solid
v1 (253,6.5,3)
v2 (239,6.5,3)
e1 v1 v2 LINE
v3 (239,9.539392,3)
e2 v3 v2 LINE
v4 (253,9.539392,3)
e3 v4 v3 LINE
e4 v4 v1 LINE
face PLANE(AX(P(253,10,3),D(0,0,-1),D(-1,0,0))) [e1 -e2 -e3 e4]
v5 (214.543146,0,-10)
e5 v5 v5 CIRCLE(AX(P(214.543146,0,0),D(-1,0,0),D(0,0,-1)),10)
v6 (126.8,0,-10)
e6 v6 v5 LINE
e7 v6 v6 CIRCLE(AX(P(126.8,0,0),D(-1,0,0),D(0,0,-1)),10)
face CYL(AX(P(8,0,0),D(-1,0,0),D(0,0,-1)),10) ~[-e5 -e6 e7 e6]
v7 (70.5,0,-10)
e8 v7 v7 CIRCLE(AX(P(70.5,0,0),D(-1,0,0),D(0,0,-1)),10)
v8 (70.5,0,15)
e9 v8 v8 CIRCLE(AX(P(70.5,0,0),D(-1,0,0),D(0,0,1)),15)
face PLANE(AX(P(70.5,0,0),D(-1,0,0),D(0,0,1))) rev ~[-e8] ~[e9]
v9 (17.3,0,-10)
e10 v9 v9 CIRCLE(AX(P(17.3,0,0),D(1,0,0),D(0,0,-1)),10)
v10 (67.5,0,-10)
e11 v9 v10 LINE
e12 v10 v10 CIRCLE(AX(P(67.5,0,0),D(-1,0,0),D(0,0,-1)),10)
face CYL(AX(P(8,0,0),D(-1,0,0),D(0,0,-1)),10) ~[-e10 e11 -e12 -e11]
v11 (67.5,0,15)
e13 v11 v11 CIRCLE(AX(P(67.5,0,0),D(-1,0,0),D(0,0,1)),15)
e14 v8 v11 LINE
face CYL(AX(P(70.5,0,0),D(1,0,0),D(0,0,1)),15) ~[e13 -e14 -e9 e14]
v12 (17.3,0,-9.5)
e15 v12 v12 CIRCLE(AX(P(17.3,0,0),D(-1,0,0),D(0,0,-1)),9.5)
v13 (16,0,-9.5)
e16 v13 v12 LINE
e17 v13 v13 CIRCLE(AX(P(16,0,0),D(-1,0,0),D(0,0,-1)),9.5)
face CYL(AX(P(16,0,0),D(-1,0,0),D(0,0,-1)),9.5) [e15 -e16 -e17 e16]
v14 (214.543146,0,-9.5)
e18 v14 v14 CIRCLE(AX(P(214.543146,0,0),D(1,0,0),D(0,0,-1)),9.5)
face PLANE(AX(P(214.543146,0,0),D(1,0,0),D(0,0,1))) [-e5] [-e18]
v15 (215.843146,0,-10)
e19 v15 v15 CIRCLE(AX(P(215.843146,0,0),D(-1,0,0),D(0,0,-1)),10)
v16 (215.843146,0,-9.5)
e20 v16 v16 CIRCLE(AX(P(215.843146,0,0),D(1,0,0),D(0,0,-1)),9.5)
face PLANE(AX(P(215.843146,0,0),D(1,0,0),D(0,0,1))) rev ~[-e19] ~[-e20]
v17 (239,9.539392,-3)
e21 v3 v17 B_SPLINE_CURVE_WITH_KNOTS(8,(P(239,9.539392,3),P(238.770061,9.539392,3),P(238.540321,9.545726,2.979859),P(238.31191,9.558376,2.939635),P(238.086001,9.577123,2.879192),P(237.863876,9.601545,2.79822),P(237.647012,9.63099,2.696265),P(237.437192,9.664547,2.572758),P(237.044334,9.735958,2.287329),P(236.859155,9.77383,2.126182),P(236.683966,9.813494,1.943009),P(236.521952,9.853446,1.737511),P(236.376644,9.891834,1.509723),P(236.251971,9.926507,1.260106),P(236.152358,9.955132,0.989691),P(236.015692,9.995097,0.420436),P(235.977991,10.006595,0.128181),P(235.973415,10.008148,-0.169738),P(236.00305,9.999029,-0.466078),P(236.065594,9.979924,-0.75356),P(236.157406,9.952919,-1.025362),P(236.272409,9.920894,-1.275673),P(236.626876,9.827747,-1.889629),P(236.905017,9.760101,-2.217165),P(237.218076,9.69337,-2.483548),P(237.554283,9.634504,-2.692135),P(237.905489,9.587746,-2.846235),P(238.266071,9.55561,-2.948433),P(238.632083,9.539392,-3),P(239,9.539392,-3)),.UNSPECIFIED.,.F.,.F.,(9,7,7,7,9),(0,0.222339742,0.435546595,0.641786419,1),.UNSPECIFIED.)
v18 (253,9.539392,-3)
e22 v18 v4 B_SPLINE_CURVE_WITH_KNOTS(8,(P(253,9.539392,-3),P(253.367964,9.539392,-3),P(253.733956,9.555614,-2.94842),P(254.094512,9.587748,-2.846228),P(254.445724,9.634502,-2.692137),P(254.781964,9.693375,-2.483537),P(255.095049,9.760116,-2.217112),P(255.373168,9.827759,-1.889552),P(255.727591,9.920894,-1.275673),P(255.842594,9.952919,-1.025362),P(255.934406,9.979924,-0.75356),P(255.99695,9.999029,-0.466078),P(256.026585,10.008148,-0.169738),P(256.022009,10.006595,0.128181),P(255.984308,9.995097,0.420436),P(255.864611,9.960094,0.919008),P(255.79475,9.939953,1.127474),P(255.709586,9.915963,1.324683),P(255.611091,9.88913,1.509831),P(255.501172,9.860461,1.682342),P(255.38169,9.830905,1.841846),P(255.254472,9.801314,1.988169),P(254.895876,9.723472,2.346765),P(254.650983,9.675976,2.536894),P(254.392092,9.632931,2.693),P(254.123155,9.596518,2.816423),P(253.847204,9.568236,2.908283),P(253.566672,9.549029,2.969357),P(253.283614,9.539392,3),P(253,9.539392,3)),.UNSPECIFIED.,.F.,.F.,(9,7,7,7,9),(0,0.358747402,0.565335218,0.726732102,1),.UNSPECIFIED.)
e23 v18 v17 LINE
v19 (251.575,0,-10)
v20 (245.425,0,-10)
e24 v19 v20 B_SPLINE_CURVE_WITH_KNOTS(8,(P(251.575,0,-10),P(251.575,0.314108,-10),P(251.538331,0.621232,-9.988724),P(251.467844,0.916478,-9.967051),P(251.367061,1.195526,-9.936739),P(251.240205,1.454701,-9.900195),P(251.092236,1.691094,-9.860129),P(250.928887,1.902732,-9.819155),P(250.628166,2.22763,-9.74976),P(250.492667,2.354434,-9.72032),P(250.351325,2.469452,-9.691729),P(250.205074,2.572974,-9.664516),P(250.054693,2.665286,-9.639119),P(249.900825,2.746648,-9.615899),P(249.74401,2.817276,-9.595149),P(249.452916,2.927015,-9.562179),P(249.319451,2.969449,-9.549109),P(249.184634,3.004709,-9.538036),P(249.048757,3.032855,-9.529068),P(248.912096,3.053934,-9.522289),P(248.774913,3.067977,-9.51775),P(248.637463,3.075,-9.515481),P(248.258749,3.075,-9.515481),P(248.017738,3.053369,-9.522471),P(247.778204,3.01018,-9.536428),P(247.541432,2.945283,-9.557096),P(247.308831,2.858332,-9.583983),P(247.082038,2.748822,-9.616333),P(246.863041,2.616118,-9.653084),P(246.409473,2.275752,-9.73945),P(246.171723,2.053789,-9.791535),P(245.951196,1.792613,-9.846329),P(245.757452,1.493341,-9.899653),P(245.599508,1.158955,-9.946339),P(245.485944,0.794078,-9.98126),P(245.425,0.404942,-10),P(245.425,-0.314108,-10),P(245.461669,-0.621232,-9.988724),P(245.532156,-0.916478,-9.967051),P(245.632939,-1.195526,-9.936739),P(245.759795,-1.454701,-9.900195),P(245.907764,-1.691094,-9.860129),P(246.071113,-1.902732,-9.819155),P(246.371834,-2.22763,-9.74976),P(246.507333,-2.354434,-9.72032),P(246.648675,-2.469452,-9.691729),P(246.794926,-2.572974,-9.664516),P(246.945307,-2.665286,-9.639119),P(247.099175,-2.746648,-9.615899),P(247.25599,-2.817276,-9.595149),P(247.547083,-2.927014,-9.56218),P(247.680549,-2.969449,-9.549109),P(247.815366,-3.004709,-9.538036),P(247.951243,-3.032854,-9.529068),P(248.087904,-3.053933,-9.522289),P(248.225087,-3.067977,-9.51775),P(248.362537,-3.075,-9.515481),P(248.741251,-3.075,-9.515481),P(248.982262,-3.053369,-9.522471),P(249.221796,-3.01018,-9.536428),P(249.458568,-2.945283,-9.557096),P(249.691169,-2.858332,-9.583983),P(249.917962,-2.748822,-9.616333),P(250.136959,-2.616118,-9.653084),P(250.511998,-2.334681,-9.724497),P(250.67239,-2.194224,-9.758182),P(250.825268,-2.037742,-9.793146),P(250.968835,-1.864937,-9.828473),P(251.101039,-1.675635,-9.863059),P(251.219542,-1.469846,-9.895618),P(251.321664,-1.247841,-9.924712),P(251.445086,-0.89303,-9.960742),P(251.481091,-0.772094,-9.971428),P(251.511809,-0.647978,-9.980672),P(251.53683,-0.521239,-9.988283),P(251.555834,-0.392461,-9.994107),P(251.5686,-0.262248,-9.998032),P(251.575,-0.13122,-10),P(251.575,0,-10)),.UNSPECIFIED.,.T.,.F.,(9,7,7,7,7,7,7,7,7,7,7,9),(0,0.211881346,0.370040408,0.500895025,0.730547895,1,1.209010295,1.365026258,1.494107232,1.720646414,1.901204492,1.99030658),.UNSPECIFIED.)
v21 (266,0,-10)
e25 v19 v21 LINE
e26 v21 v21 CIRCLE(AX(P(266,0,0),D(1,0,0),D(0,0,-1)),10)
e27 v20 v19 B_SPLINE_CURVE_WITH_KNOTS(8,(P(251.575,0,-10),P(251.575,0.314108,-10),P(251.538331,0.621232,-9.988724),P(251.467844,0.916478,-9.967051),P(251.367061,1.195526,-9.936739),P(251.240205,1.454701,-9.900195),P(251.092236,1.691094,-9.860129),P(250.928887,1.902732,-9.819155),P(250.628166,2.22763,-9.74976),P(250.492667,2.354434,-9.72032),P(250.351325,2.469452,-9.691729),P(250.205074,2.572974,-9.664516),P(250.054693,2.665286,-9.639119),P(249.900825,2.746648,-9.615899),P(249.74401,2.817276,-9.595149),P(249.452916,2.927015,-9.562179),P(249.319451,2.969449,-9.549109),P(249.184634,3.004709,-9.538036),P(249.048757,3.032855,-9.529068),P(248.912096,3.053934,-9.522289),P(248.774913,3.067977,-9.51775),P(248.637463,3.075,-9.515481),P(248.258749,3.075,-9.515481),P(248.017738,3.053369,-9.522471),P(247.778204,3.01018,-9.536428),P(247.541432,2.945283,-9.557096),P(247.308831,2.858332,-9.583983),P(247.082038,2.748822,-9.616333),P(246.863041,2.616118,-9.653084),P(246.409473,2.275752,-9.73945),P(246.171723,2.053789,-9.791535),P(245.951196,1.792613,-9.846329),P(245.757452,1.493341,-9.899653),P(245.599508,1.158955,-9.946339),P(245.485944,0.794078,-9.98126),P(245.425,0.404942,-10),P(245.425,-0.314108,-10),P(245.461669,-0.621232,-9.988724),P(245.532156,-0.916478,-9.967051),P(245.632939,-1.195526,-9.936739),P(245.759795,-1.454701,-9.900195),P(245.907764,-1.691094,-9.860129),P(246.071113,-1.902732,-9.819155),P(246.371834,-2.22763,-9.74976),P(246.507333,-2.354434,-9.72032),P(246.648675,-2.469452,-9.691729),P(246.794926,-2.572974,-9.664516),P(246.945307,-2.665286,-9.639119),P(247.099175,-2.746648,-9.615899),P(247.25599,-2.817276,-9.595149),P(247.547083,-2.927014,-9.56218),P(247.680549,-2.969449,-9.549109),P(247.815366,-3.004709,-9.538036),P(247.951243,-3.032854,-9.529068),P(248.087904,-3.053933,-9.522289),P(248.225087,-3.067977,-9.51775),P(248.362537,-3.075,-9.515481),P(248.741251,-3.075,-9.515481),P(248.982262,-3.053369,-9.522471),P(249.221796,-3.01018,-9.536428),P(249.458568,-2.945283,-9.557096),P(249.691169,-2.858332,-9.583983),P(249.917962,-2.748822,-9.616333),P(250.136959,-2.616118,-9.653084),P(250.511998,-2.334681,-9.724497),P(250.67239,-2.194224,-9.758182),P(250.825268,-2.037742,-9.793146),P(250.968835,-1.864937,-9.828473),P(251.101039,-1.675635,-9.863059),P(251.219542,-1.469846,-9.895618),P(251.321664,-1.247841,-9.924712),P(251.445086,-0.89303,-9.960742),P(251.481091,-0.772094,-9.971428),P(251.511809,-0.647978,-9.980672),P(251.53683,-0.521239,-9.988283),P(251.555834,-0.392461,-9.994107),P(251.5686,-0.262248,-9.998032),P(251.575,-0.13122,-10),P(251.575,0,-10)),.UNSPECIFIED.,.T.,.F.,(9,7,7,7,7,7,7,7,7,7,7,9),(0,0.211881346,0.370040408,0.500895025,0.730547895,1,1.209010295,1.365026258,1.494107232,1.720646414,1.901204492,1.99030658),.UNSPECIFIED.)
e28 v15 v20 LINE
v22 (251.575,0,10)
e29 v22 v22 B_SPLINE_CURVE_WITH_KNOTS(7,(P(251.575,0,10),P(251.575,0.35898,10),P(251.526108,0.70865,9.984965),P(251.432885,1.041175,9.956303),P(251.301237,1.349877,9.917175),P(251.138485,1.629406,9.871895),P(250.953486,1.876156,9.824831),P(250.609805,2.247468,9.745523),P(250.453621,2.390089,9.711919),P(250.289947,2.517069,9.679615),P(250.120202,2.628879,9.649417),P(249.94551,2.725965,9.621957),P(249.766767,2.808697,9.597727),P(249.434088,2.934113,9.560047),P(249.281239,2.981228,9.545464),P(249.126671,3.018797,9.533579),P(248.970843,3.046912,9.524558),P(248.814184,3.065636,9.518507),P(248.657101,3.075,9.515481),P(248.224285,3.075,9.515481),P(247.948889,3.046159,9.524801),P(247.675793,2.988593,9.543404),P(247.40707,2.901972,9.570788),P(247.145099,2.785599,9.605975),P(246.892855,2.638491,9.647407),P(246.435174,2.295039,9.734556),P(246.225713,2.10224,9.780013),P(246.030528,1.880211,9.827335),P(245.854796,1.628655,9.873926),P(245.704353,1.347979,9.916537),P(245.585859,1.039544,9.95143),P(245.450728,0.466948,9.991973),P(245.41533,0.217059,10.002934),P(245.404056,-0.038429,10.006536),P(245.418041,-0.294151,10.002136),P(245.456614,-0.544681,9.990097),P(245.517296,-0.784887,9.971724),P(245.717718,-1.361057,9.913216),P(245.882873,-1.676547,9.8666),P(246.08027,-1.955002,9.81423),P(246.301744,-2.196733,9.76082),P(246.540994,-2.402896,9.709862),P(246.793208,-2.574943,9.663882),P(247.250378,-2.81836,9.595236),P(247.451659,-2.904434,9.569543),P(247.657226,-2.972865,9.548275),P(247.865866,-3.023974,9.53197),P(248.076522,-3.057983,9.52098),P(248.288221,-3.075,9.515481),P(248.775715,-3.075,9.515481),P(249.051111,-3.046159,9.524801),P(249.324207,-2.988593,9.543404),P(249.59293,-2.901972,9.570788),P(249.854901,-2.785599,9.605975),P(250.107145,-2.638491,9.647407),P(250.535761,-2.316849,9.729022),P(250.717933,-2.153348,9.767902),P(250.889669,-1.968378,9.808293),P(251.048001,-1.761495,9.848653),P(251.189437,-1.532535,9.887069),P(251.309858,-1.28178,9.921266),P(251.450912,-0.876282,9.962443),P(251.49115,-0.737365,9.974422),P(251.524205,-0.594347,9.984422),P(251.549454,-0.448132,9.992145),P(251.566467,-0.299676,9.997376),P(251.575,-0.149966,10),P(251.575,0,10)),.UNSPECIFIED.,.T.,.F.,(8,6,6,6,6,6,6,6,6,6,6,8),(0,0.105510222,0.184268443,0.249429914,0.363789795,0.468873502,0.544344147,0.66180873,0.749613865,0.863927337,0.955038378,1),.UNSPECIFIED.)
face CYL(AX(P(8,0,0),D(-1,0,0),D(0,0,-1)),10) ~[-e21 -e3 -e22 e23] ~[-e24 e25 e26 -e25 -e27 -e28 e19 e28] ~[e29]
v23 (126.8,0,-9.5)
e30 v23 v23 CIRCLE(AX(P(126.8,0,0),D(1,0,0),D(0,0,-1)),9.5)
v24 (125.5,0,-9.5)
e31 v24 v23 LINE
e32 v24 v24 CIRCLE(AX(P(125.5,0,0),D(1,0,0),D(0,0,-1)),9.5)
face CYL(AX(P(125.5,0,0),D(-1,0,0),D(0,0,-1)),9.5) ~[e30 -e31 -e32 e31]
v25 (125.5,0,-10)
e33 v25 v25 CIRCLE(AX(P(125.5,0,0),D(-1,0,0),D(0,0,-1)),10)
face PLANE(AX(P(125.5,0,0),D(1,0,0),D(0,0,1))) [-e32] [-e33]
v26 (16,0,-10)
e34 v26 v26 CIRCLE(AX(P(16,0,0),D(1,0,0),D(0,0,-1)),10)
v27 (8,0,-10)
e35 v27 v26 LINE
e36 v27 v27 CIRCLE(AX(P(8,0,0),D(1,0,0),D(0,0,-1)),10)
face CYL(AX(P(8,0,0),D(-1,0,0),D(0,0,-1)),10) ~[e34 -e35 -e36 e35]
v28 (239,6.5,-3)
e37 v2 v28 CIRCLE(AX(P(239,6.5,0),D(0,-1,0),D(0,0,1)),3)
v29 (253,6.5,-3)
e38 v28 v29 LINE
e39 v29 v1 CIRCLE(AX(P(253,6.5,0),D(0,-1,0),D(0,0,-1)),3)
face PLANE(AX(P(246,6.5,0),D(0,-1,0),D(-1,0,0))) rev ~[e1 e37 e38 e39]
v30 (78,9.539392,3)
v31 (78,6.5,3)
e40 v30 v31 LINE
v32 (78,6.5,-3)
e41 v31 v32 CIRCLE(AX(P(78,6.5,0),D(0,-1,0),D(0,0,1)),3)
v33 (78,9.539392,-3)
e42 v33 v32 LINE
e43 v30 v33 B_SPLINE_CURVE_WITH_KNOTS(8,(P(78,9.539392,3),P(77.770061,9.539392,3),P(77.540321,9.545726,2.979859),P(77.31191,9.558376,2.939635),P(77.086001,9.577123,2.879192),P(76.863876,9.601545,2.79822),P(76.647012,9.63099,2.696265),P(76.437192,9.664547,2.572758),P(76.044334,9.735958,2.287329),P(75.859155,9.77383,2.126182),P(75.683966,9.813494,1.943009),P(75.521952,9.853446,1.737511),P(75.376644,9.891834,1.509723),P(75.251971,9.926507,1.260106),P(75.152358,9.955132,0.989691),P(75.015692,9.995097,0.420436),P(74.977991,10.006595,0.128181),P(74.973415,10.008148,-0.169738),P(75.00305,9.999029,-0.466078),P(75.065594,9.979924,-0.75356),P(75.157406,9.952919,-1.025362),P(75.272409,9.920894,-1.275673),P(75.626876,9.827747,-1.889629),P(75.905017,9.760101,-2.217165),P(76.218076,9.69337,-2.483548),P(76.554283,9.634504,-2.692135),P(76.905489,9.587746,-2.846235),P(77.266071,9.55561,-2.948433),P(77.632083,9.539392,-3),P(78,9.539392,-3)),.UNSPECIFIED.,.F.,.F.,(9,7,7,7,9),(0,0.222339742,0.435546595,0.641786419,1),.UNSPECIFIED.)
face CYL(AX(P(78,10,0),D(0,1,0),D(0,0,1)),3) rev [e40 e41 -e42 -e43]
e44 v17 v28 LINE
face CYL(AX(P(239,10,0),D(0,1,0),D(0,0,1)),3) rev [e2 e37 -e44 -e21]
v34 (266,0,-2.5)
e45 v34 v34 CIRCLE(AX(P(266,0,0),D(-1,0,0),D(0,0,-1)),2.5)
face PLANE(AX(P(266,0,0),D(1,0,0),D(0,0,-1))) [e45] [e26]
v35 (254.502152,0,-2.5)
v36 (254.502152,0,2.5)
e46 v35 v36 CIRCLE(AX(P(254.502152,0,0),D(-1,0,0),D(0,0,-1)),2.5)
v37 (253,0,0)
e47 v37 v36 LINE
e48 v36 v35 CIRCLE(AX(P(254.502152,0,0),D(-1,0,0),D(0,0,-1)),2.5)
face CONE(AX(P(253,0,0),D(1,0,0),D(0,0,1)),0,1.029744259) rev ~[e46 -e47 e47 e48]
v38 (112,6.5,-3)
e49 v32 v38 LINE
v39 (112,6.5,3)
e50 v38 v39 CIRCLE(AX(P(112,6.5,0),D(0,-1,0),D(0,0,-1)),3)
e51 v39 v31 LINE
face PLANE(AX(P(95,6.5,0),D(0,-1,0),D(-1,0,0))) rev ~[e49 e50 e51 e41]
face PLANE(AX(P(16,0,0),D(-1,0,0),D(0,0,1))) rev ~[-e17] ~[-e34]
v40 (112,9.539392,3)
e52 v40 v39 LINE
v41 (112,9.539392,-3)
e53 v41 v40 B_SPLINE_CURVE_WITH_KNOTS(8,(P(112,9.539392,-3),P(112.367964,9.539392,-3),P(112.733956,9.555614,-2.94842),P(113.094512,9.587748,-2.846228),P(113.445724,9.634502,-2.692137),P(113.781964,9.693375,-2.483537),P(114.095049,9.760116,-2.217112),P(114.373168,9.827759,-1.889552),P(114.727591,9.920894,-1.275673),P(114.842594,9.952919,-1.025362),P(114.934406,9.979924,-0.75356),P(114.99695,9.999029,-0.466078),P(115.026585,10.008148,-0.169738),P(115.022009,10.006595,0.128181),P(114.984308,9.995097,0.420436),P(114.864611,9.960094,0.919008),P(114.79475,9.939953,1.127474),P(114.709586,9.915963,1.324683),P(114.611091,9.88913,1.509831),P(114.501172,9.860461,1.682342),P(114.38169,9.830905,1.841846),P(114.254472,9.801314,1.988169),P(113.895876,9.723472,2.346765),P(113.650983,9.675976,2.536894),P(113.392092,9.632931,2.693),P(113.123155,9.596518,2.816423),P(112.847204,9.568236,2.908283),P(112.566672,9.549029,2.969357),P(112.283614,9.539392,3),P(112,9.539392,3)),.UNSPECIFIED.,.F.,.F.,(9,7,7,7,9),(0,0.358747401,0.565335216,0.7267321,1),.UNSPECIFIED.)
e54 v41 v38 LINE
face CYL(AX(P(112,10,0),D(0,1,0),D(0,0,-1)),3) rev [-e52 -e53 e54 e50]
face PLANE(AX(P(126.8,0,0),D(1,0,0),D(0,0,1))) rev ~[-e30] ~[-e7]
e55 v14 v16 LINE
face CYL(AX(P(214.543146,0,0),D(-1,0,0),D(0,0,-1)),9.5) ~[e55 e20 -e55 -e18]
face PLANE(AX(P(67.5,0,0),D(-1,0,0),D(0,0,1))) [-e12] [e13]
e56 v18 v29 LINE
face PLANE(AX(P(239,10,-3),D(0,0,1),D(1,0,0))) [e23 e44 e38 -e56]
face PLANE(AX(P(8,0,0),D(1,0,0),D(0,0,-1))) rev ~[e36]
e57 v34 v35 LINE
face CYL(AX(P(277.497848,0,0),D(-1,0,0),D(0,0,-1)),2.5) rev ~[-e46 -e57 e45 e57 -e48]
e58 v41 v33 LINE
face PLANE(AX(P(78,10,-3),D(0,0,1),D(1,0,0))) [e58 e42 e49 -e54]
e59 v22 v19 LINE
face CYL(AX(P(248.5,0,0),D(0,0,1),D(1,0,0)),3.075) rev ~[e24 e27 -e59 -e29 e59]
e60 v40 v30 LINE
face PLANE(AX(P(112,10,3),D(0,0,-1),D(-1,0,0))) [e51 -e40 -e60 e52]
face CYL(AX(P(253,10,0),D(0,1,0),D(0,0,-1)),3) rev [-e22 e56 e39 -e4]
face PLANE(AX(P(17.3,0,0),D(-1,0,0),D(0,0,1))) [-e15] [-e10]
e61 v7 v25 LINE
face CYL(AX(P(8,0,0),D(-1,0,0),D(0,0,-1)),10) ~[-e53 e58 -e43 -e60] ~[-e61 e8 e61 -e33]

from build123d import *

# Parameters (mm, degrees)
SALIENTE_EXTRUIR1_START                = 8
CROQUIS1_R                             = 10
SALIENTE_EXTRUIR1_DEPTH                = 258
CROQUIS2_R                             = 15
SALIENTE_EXTRUIR2_DEPTH                = 3
CORTAR_EXTRUIR1_REACH                  = 268.845
CORTAR_EXTRUIR1_END_RADIUS             = 10
CROQUIS3_R                             = 3.075
CORTAR_EXTRUIR1_DIRECTION_2_REACH      = 268.845
CORTAR_EXTRUIR1_DIRECTION_2_END_RADIUS = 10
CORTAR_EXTRUIR2_START                  = 10
CORTAR_EXTRUIR2_DEPTH                  = 3.5
TALADRO_ROSCADO_M61_D                  = 5
TALADRO_ROSCADO_M61_DEPTH              = 11.497848452
TALADRO_ROSCADO_M61_TIP                = 1.502151548
CORTAR_EXTRUIR3_START                  = 10
CORTAR_EXTRUIR3_DEPTH                  = 3.5
CORTAR_EXTRUIR4_START                  = 125.5
CROQUIS9_R                             = 10
CROQUIS9_R_2                           = 9.5
CORTAR_EXTRUIR4_DEPTH                  = 1.3
CORTAR_EXTRUIR5_START                  = 214.543146
CROQUIS10_R                            = 10
CROQUIS10_R_2                          = 9.5
CORTAR_EXTRUIR5_DEPTH                  = 1.3
CORTAR_EXTRUIR6_START                  = -8
CROQUIS11_R                            = 10
CROQUIS11_R_2                          = 9.5
CORTAR_EXTRUIR6_DEPTH                  = 1.3


with BuildPart() as part:
    # Croquis1 → Saliente-Extruir1 (new body)
    with BuildSketch(Plane(origin=(0, 0, 0), x_dir=(0, 0, -1), z_dir=(1, 0, 0)).offset(SALIENTE_EXTRUIR1_START)):
        Circle(CROQUIS1_R)
    extrude(amount=SALIENTE_EXTRUIR1_DEPTH)

    # Croquis2 → Saliente-Extruir2 (add)
    with BuildSketch(Plane.ZY.offset(-70.5)):
        Circle(CROQUIS2_R)
    extrude(amount=SALIENTE_EXTRUIR2_DEPTH)

    # Cortar-Extruir1: up to this cylinder (the profile starts inside it)
    cortar_extruir1_end = Plane(origin=(248.5, 0, 0), z_dir=(-1, 0, 0)) * Cylinder(CORTAR_EXTRUIR1_END_RADIUS, 558.69, mode=Mode.PRIVATE)
    # Croquis3 → Cortar-Extruir1 (cut, up to the surface)
    with BuildSketch(Plane.XY, mode=Mode.PRIVATE) as cortar_extruir1_sk1:
        with Locations((248.5, 0)):
            Circle(CROQUIS3_R)
    cortar_extruir1_tool1 = extrude(cortar_extruir1_sk1.sketch, amount=-CORTAR_EXTRUIR1_REACH, mode=Mode.PRIVATE) & cortar_extruir1_end
    add(cortar_extruir1_tool1.solids().sort_by_distance((248.5, 0, 0))[0], mode=Mode.SUBTRACT)

    # Cortar-Extruir1 direction 2: up to this cylinder (the profile starts inside it)
    cortar_extruir1_direction_2_end = Plane(origin=(248.5, 0, 0), z_dir=(-1, 0, 0)) * Cylinder(CORTAR_EXTRUIR1_DIRECTION_2_END_RADIUS, 558.69, mode=Mode.PRIVATE)
    # Croquis3 → Cortar-Extruir1 direction 2 (cut, up to the surface)
    with BuildSketch(Plane.XY, mode=Mode.PRIVATE) as cortar_extruir1_direction_2_sk1:
        with Locations((248.5, 0)):
            Circle(CROQUIS3_R)
    cortar_extruir1_direction_2_tool1 = extrude(cortar_extruir1_direction_2_sk1.sketch, amount=CORTAR_EXTRUIR1_DIRECTION_2_REACH, mode=Mode.PRIVATE) & cortar_extruir1_direction_2_end
    add(cortar_extruir1_direction_2_tool1.solids().sort_by_distance((248.5, 0, 0))[0], mode=Mode.SUBTRACT)

    # Croquis4 → Cortar-Extruir2 (cut)
    with BuildSketch(Plane(origin=(0, 0, 0), x_dir=(1, 0, 0), z_dir=(0, 1, 0)).offset(CORTAR_EXTRUIR2_START)):
        with BuildLine():
            Line((239, 3), (253, 3))
            ThreePointArc((253, 3), (256, 0), (253, -3))
            Line((253, -3), (239, -3))
            ThreePointArc((239, -3), (236, 0), (239, 3))
        make_face()
    extrude(amount=-CORTAR_EXTRUIR2_DEPTH, mode=Mode.SUBTRACT)

    # Taladro roscado M61
    with Locations(Plane(origin=(266, 0, 0), x_dir=(0, 0, 1), z_dir=(1, 0, 0))):
        with Locations((0, 0)):
            Hole(TALADRO_ROSCADO_M61_D / 2, depth=TALADRO_ROSCADO_M61_DEPTH)
            with Locations((0, 0, -(TALADRO_ROSCADO_M61_DEPTH + TALADRO_ROSCADO_M61_TIP / 2))):  # 118° drill point
                Cone(0, TALADRO_ROSCADO_M61_D / 2, TALADRO_ROSCADO_M61_TIP, mode=Mode.SUBTRACT)

    # Croquis8 → Cortar-Extruir3 (cut)
    with BuildSketch(Plane(origin=(0, 0, 0), x_dir=(1, 0, 0), z_dir=(0, 1, 0)).offset(CORTAR_EXTRUIR3_START)):
        with BuildLine():
            Line((78, 3), (112, 3))
            ThreePointArc((112, 3), (115, 0), (112, -3))
            Line((112, -3), (78, -3))
            ThreePointArc((78, -3), (75, 0), (78, 3))
        make_face()
    extrude(amount=-CORTAR_EXTRUIR3_DEPTH, mode=Mode.SUBTRACT)

    # Croquis9 → Cortar-Extruir4 (cut)
    with BuildSketch(Plane(origin=(0, 0, 0), x_dir=(0, 0, -1), z_dir=(1, 0, 0)).offset(CORTAR_EXTRUIR4_START)):
        with Locations(Location((0, 0, 0), (0, 0, 180))):
            Circle(CROQUIS9_R)
        Circle(CROQUIS9_R_2, mode=Mode.SUBTRACT)
    extrude(amount=CORTAR_EXTRUIR4_DEPTH, mode=Mode.SUBTRACT)

    # Croquis10 → Cortar-Extruir5 (cut)
    with BuildSketch(Plane(origin=(0, 0, 0), x_dir=(0, 0, -1), z_dir=(1, 0, 0)).offset(CORTAR_EXTRUIR5_START)):
        with Locations(Location((0, 0, 0), (0, 0, 180))):
            Circle(CROQUIS10_R)
        Circle(CROQUIS10_R_2, mode=Mode.SUBTRACT)
    extrude(amount=CORTAR_EXTRUIR5_DEPTH, mode=Mode.SUBTRACT)

    # Croquis11 → Cortar-Extruir6 (cut)
    with BuildSketch(Plane.ZY.offset(-8).offset(CORTAR_EXTRUIR6_START)):
        Circle(CROQUIS11_R)
        with Locations(Location((0, 0, 0), (0, 0, 180))):
            Circle(CROQUIS11_R_2, mode=Mode.SUBTRACT)
    extrude(amount=-CORTAR_EXTRUIR6_DEPTH, mode=Mode.SUBTRACT)


solid = part.part
